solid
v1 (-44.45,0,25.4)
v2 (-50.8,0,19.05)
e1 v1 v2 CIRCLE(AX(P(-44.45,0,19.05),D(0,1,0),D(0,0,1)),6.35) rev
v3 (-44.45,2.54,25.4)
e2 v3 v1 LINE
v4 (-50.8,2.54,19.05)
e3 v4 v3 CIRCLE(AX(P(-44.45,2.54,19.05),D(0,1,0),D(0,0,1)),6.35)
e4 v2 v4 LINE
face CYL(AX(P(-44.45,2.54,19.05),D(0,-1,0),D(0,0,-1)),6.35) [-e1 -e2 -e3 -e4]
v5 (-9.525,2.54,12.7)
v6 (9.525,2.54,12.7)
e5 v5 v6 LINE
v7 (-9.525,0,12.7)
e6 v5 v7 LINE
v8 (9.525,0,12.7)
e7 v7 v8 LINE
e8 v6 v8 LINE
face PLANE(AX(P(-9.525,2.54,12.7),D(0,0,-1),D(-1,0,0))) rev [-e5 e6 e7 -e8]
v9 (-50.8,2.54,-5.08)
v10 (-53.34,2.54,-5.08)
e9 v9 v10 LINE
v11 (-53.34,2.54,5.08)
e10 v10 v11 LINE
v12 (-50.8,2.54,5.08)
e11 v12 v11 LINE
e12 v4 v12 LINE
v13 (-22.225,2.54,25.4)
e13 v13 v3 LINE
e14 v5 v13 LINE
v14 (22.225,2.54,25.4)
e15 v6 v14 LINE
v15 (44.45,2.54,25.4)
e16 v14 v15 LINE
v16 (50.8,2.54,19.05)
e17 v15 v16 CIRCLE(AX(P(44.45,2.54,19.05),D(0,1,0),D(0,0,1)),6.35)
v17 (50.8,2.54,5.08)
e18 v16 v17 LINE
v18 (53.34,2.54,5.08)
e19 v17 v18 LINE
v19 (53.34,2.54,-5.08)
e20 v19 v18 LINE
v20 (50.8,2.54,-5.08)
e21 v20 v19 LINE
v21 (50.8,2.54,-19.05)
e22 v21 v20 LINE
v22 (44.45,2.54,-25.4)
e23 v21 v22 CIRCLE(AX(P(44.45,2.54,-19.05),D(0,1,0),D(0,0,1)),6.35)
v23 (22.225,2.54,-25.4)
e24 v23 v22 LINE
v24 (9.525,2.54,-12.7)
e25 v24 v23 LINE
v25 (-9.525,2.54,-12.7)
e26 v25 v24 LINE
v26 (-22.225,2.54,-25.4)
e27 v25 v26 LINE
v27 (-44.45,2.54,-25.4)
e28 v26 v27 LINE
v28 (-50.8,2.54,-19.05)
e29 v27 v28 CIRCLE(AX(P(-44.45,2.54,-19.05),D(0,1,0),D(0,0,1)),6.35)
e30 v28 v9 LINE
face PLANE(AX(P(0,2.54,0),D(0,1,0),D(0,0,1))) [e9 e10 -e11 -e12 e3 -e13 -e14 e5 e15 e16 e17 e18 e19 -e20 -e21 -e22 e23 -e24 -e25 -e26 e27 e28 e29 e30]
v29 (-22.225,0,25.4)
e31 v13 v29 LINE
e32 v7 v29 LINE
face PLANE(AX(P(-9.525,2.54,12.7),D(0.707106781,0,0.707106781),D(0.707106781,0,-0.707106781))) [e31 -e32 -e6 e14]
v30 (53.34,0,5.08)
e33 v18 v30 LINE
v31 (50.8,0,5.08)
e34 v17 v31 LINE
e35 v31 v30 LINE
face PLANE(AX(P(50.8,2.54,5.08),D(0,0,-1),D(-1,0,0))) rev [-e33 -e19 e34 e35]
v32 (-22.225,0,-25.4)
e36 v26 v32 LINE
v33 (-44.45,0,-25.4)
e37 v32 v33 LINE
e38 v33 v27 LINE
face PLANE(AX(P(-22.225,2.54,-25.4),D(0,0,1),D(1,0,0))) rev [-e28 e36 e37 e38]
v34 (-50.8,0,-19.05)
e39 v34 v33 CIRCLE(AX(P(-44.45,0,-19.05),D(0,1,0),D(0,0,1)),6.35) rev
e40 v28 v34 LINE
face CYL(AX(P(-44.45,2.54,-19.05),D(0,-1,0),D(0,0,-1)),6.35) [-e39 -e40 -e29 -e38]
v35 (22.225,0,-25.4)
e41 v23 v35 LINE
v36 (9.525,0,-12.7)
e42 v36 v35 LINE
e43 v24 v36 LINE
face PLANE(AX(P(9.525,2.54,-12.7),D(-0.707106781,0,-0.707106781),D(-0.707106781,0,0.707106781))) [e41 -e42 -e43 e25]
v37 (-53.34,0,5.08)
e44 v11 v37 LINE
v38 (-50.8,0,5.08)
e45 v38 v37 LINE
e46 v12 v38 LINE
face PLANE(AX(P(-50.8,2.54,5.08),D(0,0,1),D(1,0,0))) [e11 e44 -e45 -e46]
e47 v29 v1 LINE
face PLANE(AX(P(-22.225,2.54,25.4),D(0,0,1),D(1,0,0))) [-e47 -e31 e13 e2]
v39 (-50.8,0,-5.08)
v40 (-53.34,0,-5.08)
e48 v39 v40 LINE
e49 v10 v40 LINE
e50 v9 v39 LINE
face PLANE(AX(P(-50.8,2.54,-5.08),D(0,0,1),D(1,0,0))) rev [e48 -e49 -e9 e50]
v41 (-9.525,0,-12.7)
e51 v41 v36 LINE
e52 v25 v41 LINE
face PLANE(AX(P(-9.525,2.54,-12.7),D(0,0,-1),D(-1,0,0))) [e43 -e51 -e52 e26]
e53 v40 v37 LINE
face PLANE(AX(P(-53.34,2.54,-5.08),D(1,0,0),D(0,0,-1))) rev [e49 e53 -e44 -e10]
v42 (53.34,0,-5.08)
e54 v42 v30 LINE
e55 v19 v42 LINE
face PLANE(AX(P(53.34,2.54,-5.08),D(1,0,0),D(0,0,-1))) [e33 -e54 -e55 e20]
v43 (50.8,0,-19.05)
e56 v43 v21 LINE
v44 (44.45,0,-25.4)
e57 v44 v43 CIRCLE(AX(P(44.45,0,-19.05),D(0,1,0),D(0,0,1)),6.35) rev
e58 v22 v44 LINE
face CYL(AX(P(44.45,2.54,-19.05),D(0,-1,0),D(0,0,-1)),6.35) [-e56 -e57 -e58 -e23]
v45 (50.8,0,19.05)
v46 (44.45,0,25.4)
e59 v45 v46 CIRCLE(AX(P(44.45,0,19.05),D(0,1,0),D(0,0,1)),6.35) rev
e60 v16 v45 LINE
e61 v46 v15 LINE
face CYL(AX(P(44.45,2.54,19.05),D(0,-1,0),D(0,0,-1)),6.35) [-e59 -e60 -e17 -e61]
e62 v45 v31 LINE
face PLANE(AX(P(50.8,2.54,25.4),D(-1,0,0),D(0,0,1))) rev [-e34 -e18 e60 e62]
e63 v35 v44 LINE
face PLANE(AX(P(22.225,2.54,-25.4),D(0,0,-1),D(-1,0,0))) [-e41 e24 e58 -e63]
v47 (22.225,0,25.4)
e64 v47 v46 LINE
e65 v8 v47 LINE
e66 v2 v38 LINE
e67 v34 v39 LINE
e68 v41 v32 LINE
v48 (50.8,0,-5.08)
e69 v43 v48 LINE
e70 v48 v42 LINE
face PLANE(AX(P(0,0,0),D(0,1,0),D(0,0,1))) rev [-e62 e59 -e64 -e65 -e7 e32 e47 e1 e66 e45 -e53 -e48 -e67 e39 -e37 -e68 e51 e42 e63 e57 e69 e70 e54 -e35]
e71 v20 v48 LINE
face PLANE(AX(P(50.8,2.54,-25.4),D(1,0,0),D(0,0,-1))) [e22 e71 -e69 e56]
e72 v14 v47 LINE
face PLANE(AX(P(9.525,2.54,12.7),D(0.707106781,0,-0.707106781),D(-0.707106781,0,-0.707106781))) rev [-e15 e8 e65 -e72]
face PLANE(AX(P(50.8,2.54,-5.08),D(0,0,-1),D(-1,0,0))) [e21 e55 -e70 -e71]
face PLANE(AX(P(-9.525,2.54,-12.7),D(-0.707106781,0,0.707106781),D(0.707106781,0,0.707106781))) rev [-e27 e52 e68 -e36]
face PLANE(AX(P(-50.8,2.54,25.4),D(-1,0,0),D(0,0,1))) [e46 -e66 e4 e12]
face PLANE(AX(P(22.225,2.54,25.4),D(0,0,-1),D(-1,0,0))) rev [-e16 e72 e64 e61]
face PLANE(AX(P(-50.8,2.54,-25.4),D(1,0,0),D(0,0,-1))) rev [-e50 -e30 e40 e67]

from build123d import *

# Parameters (mm, degrees)
BOSS_EXTRUDE1_DEPTH = 2.54
FILLET1_R           = 6.35


with BuildPart() as part:
    # Sketch1 → Boss-Extrude1 (new body)
    with BuildSketch(Plane(origin=(0, 0, 0), x_dir=(1, 0, 0), z_dir=(0, 1, 0))):
        Polygon((-9.525, 12.7), (-22.225, 25.4), (-50.8, 25.4), (-50.8, 5.08), (-53.34, 5.08), (-53.34, -5.08), (-50.8, -5.08), (-50.8, -25.4), (-22.225, -25.4), (-9.525, -12.7), (9.525, -12.7), (22.225, -25.4), (50.8, -25.4), (50.8, -5.08), (53.34, -5.08), (53.34, 5.08), (50.8, 5.08), (50.8, 25.4), (22.225, 25.4), (9.525, 12.7), align=None)
    extrude(amount=BOSS_EXTRUDE1_DEPTH)

    # Fillet1
    fillet1_edges = [part.edges().sort_by_distance(p)[0] for p in [
        (50.8, 1.27, -25.4),
        (50.8, 1.27, 25.4),
        (-50.8, 1.27, 25.4),
        (-50.8, 1.27, -25.4),
    ]]
    fillet(fillet1_edges, radius=FILLET1_R)


solid = part.part
